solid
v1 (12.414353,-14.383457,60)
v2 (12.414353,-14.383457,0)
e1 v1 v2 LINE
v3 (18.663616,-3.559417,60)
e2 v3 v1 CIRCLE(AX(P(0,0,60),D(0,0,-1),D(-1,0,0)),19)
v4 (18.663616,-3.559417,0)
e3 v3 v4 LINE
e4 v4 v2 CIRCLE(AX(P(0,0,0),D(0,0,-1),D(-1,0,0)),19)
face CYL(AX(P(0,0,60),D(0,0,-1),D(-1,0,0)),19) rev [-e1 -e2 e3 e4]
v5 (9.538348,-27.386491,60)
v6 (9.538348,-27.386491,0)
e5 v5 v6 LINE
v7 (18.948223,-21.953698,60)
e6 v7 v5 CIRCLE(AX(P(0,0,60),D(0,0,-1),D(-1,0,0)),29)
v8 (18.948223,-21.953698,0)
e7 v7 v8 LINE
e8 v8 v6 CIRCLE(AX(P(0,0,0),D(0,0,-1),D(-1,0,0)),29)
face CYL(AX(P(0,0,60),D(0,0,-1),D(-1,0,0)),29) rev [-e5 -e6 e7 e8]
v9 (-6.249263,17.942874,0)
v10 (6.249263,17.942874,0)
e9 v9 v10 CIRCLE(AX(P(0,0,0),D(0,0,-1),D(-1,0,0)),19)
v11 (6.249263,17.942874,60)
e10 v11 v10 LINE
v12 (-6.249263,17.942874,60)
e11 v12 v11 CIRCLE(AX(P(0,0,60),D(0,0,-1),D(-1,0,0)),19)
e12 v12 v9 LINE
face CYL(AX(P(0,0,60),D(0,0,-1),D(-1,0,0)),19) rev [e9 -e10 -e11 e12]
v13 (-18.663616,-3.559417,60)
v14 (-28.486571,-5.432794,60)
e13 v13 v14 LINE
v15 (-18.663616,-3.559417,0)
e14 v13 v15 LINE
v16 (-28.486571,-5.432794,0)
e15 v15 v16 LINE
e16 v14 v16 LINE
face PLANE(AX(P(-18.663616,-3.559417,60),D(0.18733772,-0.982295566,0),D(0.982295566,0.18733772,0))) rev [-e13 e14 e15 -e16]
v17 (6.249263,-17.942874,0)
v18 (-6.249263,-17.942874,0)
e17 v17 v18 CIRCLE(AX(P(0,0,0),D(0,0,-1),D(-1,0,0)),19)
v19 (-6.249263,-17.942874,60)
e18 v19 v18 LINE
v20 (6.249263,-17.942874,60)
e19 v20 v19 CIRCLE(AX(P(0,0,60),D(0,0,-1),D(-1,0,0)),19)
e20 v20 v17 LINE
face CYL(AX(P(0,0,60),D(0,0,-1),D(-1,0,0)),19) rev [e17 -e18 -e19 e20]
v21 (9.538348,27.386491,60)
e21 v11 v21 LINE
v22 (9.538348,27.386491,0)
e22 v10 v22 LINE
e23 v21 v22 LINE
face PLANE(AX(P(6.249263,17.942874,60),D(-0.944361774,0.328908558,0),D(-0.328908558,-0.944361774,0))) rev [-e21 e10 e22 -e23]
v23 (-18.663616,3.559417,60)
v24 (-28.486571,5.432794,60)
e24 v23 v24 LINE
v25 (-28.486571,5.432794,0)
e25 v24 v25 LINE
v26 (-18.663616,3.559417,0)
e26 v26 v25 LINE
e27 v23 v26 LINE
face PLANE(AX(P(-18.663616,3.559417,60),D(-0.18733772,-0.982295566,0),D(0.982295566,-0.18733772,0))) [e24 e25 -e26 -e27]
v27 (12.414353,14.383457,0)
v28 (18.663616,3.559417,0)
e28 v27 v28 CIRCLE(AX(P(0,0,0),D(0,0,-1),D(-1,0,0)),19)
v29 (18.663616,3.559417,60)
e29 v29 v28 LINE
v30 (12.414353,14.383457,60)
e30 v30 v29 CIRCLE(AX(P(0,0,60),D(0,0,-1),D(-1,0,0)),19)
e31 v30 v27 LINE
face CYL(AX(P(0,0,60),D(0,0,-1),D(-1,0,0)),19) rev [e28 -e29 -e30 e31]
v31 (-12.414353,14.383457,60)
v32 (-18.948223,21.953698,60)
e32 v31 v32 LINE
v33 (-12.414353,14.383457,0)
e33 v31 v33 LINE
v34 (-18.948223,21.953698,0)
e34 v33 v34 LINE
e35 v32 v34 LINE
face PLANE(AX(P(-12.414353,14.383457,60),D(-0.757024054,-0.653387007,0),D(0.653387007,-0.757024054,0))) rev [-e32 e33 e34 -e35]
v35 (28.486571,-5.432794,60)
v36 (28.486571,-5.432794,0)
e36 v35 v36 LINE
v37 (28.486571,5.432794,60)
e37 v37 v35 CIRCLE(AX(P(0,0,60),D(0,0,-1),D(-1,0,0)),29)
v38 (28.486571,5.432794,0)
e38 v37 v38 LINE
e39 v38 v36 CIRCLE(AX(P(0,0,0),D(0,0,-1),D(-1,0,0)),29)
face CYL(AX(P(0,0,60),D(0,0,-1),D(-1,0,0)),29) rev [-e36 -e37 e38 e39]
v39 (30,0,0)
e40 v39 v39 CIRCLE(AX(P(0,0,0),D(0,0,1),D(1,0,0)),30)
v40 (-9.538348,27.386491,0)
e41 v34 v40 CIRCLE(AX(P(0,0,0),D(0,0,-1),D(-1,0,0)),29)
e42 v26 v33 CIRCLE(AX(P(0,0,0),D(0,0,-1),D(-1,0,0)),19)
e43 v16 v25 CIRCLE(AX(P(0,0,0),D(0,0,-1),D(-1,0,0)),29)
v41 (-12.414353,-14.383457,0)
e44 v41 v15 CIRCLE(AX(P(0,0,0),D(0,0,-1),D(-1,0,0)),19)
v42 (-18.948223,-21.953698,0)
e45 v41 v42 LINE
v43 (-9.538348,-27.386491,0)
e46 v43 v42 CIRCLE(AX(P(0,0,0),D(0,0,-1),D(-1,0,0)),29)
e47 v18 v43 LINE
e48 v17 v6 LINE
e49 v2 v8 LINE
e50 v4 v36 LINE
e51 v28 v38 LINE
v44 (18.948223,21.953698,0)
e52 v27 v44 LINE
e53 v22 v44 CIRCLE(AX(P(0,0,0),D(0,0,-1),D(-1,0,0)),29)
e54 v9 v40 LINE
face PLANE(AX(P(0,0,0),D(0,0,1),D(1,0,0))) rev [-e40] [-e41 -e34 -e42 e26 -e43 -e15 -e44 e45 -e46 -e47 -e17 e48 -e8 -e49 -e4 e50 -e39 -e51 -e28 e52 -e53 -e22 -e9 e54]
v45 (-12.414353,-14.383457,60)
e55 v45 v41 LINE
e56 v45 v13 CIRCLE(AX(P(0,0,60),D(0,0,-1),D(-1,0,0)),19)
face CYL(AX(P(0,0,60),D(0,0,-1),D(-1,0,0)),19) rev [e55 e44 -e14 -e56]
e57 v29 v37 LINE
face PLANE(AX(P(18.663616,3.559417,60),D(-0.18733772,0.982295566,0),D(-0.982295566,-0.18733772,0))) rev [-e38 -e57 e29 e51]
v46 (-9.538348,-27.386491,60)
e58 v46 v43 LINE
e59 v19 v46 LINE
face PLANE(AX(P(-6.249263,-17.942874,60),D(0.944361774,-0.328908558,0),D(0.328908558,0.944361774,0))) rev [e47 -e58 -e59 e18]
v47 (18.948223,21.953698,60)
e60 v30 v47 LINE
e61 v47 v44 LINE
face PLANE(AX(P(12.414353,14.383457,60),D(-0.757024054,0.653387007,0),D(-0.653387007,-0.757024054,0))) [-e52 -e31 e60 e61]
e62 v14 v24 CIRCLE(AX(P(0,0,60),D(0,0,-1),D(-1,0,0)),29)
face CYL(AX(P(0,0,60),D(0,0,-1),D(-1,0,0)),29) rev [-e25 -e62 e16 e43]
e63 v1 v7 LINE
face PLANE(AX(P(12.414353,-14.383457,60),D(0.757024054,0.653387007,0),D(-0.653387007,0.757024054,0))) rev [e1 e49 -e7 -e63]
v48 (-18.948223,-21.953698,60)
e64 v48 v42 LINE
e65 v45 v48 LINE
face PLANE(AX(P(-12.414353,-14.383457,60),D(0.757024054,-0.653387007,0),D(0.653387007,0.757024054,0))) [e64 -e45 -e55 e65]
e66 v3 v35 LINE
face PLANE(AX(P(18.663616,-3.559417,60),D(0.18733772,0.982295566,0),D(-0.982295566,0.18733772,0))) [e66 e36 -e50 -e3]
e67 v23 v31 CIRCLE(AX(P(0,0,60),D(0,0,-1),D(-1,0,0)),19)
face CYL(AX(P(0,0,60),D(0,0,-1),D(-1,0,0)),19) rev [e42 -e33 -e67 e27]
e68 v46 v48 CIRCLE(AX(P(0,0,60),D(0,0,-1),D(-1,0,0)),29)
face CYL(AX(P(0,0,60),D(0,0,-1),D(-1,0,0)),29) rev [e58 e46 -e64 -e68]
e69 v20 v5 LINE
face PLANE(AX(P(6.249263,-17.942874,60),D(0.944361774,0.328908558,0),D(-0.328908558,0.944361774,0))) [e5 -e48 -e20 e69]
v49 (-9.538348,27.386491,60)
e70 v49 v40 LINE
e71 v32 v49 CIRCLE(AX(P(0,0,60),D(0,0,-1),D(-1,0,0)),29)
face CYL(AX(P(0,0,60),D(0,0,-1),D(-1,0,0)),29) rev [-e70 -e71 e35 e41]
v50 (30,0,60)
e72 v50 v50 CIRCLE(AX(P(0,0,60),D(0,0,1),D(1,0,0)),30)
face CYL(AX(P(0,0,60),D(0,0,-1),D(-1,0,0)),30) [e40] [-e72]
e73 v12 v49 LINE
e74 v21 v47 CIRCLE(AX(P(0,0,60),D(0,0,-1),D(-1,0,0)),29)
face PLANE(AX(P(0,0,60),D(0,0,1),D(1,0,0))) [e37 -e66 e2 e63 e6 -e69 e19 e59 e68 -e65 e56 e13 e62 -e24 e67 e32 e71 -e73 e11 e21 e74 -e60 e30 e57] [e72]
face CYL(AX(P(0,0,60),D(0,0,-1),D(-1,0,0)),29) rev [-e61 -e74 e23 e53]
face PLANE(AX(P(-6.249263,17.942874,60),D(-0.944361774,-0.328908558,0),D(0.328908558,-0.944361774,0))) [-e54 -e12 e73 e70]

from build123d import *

# Parameters (mm, degrees)
SKETCH4_R           = 30
BOSS_EXTRUDE2_DEPTH = 60
CUT_EXTRUDE1_DEPTH  = 74.484692283


with BuildPart() as part:
    # Sketch4 → Boss-Extrude2 (new body)
    with BuildSketch(Plane.XY):
        Circle(SKETCH4_R)
    extrude(amount=BOSS_EXTRUDE2_DEPTH)

    # Sketch5 → Cut-Extrude1 (cut, through all)
    with BuildSketch(Plane(origin=(0, 0, 0), x_dir=(-1, 0, 0), z_dir=(0, 0, -1))):
        with BuildLine():
            Line((-6.249262611, 17.942873706), (-9.538348196, 27.386491445))
            ThreePointArc((-9.538348196, 27.386491445), (-14.5, 25.11473671), (-18.948223214, 21.953697571))
            Line((-18.948223214, 21.953697571), (-12.41435314, 14.383457029))
            ThreePointArc((-12.41435314, 14.383457029), (-16.454482672, 9.5), (-18.663615752, 3.559416677))
            Line((-18.663615752, 3.559416677), (-28.48657141, 5.432793875))
            ThreePointArc((-28.48657141, 5.432793875), (-29, 0), (-28.48657141, -5.432793875))
            Line((-28.48657141, -5.432793875), (-18.663615752, -3.559416677))
            ThreePointArc((-18.663615752, -3.559416677), (-16.454482672, -9.5), (-12.41435314, -14.383457029))
            Line((-12.41435314, -14.383457029), (-18.948223214, -21.953697571))
            ThreePointArc((-18.948223214, -21.953697571), (-14.5, -25.11473671), (-9.538348196, -27.386491445))
            Line((-9.538348196, -27.386491445), (-6.249262611, -17.942873706))
            ThreePointArc((-6.249262611, -17.942873706), (0, -19), (6.249262611, -17.942873706))
            Line((6.249262611, -17.942873706), (9.538348196, -27.386491445))
            ThreePointArc((9.538348196, -27.386491445), (14.5, -25.11473671), (18.948223214, -21.953697571))
            Line((18.948223214, -21.953697571), (12.41435314, -14.383457029))
            ThreePointArc((12.41435314, -14.383457029), (16.454482672, -9.5), (18.663615752, -3.559416677))
            Line((18.663615752, -3.559416677), (28.48657141, -5.432793875))
            ThreePointArc((28.48657141, -5.432793875), (29, 0), (28.48657141, 5.432793875))
            Line((28.48657141, 5.432793875), (18.663615752, 3.559416677))
            ThreePointArc((18.663615752, 3.559416677), (16.454482672, 9.5), (12.41435314, 14.383457029))
            Line((12.41435314, 14.383457029), (18.948223214, 21.953697571))
            ThreePointArc((18.948223214, 21.953697571), (14.5, 25.11473671), (9.538348196, 27.386491445))
            Line((9.538348196, 27.386491445), (6.249262611, 17.942873706))
            ThreePointArc((6.249262611, 17.942873706), (0, 19), (-6.249262611, 17.942873706))
        make_face()
    extrude(amount=-CUT_EXTRUDE1_DEPTH, mode=Mode.SUBTRACT)


solid = part.part
